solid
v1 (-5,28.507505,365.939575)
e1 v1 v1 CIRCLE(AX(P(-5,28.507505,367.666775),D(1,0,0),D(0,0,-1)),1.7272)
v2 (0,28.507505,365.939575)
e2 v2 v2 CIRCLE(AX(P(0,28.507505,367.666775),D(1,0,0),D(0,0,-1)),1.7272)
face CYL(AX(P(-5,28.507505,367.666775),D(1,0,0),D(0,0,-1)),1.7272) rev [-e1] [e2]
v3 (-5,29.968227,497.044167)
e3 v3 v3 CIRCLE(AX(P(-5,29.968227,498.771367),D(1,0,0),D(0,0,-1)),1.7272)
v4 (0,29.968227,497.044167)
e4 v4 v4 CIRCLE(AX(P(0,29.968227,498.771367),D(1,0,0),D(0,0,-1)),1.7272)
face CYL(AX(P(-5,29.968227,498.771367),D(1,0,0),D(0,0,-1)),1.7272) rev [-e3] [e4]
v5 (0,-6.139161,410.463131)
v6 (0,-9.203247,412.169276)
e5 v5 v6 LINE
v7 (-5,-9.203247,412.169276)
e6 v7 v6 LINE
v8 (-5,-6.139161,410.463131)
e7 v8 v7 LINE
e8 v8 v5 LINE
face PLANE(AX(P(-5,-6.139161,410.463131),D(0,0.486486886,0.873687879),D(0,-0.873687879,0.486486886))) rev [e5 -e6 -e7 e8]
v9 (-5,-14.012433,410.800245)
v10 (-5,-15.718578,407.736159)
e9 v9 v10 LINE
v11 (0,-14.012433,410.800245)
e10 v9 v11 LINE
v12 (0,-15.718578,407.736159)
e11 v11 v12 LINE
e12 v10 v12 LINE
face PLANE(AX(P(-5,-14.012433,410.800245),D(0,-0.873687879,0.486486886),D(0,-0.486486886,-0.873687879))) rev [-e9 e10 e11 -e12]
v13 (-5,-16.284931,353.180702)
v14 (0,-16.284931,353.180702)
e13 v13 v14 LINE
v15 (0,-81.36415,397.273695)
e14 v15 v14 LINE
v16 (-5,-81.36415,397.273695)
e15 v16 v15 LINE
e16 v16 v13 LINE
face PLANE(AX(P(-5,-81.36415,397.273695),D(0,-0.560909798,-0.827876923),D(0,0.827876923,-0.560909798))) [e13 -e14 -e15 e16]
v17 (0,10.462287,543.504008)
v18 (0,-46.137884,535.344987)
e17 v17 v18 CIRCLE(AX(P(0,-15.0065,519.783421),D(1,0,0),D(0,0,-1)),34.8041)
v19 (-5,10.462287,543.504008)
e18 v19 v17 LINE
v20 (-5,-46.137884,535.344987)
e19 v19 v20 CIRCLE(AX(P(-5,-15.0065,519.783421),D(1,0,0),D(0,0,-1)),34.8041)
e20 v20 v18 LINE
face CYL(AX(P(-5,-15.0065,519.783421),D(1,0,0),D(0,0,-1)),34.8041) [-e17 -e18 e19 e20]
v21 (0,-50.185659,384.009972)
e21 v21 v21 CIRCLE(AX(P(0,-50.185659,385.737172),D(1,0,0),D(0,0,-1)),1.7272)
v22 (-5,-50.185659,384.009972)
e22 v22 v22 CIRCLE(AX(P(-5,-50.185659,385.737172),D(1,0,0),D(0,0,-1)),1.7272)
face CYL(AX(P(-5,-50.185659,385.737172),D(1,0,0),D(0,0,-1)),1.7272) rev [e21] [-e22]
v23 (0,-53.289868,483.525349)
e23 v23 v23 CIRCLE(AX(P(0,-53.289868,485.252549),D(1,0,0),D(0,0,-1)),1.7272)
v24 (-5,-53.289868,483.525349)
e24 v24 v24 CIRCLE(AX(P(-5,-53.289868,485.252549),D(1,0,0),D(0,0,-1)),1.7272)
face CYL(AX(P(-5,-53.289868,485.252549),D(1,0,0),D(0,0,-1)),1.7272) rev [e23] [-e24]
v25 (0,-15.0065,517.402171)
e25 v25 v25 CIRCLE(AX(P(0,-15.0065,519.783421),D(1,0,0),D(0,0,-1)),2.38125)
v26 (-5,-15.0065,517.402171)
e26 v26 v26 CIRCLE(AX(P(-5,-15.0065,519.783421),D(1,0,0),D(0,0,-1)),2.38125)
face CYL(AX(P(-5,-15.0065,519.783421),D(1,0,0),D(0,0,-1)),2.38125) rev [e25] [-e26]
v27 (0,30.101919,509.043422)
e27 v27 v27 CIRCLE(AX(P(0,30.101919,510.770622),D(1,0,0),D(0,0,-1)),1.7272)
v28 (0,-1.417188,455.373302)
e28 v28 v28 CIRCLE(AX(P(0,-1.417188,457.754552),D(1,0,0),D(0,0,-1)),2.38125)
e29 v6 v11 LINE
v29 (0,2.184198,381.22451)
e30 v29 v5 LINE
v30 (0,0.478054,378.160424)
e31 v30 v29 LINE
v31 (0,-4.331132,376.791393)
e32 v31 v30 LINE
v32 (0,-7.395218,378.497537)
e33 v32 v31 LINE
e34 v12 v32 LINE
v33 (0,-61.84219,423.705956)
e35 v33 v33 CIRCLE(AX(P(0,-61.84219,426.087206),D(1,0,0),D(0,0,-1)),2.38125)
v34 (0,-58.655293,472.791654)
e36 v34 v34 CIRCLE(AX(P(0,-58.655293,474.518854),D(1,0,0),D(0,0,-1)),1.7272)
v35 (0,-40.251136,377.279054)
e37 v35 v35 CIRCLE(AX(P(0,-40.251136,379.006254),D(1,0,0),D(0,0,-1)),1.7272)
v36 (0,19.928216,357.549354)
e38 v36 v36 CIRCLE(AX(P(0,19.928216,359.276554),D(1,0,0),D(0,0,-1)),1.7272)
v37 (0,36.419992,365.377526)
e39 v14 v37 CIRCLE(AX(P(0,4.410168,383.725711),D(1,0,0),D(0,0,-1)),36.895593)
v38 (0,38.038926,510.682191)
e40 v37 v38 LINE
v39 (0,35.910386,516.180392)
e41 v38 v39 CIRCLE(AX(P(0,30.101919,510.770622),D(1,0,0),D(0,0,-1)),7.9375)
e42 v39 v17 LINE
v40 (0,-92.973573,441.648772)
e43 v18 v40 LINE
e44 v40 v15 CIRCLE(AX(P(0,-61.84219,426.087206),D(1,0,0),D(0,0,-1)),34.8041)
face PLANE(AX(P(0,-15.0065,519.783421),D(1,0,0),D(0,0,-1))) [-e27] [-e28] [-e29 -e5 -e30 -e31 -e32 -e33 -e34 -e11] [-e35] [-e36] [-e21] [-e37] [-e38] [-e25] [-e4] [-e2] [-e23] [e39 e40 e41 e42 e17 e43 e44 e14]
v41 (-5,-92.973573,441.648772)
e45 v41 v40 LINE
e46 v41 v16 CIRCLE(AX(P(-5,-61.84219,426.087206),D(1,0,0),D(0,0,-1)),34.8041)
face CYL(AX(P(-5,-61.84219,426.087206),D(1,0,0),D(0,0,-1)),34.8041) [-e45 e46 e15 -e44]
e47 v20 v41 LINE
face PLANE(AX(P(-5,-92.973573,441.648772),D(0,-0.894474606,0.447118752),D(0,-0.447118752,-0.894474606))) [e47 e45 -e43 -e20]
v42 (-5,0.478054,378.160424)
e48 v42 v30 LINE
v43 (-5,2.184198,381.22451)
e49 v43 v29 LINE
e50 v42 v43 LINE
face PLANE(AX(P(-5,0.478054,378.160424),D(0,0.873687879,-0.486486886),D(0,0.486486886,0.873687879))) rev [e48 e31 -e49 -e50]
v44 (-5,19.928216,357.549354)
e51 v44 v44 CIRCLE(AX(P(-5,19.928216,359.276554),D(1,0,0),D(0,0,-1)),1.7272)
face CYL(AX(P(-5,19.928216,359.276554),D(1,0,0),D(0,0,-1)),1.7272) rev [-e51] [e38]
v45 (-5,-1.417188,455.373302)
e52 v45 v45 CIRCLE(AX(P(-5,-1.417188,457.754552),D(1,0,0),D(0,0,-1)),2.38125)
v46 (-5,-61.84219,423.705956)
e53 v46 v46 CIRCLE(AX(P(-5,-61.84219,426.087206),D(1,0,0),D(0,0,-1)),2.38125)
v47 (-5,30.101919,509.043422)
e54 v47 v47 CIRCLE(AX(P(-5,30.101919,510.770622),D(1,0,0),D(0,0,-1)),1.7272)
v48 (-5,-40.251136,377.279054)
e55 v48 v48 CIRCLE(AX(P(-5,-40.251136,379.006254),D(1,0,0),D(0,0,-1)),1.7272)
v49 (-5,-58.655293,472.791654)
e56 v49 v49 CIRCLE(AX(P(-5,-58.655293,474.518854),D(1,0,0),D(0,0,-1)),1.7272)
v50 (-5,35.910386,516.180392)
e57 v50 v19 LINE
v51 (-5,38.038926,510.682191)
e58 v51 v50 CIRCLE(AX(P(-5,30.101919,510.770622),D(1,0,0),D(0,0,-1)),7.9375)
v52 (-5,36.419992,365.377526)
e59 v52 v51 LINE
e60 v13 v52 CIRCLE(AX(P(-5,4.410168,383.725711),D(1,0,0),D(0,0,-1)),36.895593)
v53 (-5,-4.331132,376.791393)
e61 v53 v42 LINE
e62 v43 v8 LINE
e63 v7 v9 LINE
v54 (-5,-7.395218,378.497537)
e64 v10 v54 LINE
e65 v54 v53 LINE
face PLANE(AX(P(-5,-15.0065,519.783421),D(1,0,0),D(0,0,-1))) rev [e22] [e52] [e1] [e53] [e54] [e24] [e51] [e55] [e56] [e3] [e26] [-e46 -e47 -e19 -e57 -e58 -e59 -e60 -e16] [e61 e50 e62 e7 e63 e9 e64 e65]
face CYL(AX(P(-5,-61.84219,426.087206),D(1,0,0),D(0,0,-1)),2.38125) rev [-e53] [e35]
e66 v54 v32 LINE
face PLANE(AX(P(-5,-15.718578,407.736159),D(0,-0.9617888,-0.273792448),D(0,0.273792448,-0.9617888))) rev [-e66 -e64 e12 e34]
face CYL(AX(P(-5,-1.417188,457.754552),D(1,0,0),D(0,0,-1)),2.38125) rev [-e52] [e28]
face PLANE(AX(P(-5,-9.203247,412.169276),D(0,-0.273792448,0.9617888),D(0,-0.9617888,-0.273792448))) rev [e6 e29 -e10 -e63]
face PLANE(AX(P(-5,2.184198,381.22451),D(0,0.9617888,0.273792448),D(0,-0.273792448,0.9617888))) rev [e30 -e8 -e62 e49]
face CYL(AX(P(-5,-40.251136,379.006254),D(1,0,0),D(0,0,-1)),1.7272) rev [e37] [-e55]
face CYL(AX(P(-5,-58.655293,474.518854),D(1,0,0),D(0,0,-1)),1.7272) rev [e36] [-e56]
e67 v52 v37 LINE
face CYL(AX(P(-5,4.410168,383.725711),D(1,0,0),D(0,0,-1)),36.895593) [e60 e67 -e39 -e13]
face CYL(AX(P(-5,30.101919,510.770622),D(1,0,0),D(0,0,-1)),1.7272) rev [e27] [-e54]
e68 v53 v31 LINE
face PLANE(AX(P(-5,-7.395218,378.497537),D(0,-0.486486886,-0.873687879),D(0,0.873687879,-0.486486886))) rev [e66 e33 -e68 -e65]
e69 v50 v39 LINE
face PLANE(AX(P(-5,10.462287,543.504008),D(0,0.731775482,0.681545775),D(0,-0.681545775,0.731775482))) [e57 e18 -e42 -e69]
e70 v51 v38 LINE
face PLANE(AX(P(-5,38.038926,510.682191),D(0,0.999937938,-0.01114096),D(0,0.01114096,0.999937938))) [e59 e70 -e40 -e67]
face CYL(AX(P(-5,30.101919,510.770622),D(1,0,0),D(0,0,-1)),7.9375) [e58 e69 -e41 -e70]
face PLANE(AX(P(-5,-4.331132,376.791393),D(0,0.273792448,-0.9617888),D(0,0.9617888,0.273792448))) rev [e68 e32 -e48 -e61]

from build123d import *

# Parameters (mm, degrees)
SKETCH4_R           = 1.7272
BOSS_EXTRUDE1_DEPTH = 5
SKETCH6_R           = 2.38125
CUT_EXTRUDE3_DEPTH  = 6


with BuildPart() as part:
    # Sketch4 → Boss-Extrude1 (new body)
    with BuildSketch(Plane(origin=(0, 0, 0), x_dir=(0, 0, -1), z_dir=(1, 0, 0))):
        with BuildLine():
            Line((-510.682190934, 38.038925927), (-365.377526066, 36.419992053))
            ThreePointArc((-365.377526066, 36.419992053), (-347.780080684, 12.728604031), (-353.180701811, -16.284931462))
            Line((-353.180701811, -16.284931462), (-397.273694981, -81.364150349))
            ThreePointArc((-397.273694981, -81.364150349), (-417.278222711, -95.513055214), (-441.64877195, -92.973573308))
            Line((-441.64877195, -92.973573308), (-535.34498696, -46.137884003))
            ThreePointArc((-535.34498696, -46.137884003), (-554.231450435, -19.972248852), (-543.504008498, 10.46228671))
            Line((-543.504008498, 10.46228671), (-516.180391889, 35.910386439))
            ThreePointArc((-516.180391889, 35.910386439), (-513.636251412, 37.504085531), (-510.682190934, 38.038925927))
        make_face()
        with Locations((-485.252549027, -53.289868312)):
            Circle(SKETCH4_R, mode=Mode.SUBTRACT)
        with Locations((-474.518853752, -58.65529334)):
            Circle(SKETCH4_R, mode=Mode.SUBTRACT)
        with Locations((-510.7706223, 30.101918548)):
            Circle(SKETCH4_R, mode=Mode.SUBTRACT)
        with Locations((-498.771367049, 29.968227033)):
            Circle(SKETCH4_R, mode=Mode.SUBTRACT)
        with Locations((-367.666774725, 28.507505411)):
            Circle(SKETCH4_R, mode=Mode.SUBTRACT)
        with Locations((-359.276554144, 19.928216477)):
            Circle(SKETCH4_R, mode=Mode.SUBTRACT)
        with Locations((-385.737171654, -50.185658721)):
            Circle(SKETCH4_R, mode=Mode.SUBTRACT)
        with Locations((-379.006254083, -40.251135649)):
            Circle(SKETCH4_R, mode=Mode.SUBTRACT)
    extrude(amount=-BOSS_EXTRUDE1_DEPTH)

    # Sketch6 → Cut-Extrude3 (cut, through all)
    with BuildSketch(Plane(origin=(0, 0, 0), x_dir=(0, 0, -1), z_dir=(1, 0, 0))):
        with Locations((-519.783421193, -15.006500358)):
            Circle(SKETCH6_R)
        with Locations((-457.75455229, -1.41718755)):
            Circle(SKETCH6_R)
        with Locations((-426.087206182, -61.842189663)):
            Circle(SKETCH6_R)
        Polygon((-410.800244566, -14.012433181), (-407.736158639, -15.718577512), (-378.497536933, -7.395218158), (-376.791392602, -4.331132231), (-378.160423785, 0.478053958), (-381.224509713, 2.184198289), (-410.463131418, -6.139161065), (-412.169275749, -9.203246993), align=None)
    extrude(amount=-CUT_EXTRUDE3_DEPTH, mode=Mode.SUBTRACT)


solid = part.part
